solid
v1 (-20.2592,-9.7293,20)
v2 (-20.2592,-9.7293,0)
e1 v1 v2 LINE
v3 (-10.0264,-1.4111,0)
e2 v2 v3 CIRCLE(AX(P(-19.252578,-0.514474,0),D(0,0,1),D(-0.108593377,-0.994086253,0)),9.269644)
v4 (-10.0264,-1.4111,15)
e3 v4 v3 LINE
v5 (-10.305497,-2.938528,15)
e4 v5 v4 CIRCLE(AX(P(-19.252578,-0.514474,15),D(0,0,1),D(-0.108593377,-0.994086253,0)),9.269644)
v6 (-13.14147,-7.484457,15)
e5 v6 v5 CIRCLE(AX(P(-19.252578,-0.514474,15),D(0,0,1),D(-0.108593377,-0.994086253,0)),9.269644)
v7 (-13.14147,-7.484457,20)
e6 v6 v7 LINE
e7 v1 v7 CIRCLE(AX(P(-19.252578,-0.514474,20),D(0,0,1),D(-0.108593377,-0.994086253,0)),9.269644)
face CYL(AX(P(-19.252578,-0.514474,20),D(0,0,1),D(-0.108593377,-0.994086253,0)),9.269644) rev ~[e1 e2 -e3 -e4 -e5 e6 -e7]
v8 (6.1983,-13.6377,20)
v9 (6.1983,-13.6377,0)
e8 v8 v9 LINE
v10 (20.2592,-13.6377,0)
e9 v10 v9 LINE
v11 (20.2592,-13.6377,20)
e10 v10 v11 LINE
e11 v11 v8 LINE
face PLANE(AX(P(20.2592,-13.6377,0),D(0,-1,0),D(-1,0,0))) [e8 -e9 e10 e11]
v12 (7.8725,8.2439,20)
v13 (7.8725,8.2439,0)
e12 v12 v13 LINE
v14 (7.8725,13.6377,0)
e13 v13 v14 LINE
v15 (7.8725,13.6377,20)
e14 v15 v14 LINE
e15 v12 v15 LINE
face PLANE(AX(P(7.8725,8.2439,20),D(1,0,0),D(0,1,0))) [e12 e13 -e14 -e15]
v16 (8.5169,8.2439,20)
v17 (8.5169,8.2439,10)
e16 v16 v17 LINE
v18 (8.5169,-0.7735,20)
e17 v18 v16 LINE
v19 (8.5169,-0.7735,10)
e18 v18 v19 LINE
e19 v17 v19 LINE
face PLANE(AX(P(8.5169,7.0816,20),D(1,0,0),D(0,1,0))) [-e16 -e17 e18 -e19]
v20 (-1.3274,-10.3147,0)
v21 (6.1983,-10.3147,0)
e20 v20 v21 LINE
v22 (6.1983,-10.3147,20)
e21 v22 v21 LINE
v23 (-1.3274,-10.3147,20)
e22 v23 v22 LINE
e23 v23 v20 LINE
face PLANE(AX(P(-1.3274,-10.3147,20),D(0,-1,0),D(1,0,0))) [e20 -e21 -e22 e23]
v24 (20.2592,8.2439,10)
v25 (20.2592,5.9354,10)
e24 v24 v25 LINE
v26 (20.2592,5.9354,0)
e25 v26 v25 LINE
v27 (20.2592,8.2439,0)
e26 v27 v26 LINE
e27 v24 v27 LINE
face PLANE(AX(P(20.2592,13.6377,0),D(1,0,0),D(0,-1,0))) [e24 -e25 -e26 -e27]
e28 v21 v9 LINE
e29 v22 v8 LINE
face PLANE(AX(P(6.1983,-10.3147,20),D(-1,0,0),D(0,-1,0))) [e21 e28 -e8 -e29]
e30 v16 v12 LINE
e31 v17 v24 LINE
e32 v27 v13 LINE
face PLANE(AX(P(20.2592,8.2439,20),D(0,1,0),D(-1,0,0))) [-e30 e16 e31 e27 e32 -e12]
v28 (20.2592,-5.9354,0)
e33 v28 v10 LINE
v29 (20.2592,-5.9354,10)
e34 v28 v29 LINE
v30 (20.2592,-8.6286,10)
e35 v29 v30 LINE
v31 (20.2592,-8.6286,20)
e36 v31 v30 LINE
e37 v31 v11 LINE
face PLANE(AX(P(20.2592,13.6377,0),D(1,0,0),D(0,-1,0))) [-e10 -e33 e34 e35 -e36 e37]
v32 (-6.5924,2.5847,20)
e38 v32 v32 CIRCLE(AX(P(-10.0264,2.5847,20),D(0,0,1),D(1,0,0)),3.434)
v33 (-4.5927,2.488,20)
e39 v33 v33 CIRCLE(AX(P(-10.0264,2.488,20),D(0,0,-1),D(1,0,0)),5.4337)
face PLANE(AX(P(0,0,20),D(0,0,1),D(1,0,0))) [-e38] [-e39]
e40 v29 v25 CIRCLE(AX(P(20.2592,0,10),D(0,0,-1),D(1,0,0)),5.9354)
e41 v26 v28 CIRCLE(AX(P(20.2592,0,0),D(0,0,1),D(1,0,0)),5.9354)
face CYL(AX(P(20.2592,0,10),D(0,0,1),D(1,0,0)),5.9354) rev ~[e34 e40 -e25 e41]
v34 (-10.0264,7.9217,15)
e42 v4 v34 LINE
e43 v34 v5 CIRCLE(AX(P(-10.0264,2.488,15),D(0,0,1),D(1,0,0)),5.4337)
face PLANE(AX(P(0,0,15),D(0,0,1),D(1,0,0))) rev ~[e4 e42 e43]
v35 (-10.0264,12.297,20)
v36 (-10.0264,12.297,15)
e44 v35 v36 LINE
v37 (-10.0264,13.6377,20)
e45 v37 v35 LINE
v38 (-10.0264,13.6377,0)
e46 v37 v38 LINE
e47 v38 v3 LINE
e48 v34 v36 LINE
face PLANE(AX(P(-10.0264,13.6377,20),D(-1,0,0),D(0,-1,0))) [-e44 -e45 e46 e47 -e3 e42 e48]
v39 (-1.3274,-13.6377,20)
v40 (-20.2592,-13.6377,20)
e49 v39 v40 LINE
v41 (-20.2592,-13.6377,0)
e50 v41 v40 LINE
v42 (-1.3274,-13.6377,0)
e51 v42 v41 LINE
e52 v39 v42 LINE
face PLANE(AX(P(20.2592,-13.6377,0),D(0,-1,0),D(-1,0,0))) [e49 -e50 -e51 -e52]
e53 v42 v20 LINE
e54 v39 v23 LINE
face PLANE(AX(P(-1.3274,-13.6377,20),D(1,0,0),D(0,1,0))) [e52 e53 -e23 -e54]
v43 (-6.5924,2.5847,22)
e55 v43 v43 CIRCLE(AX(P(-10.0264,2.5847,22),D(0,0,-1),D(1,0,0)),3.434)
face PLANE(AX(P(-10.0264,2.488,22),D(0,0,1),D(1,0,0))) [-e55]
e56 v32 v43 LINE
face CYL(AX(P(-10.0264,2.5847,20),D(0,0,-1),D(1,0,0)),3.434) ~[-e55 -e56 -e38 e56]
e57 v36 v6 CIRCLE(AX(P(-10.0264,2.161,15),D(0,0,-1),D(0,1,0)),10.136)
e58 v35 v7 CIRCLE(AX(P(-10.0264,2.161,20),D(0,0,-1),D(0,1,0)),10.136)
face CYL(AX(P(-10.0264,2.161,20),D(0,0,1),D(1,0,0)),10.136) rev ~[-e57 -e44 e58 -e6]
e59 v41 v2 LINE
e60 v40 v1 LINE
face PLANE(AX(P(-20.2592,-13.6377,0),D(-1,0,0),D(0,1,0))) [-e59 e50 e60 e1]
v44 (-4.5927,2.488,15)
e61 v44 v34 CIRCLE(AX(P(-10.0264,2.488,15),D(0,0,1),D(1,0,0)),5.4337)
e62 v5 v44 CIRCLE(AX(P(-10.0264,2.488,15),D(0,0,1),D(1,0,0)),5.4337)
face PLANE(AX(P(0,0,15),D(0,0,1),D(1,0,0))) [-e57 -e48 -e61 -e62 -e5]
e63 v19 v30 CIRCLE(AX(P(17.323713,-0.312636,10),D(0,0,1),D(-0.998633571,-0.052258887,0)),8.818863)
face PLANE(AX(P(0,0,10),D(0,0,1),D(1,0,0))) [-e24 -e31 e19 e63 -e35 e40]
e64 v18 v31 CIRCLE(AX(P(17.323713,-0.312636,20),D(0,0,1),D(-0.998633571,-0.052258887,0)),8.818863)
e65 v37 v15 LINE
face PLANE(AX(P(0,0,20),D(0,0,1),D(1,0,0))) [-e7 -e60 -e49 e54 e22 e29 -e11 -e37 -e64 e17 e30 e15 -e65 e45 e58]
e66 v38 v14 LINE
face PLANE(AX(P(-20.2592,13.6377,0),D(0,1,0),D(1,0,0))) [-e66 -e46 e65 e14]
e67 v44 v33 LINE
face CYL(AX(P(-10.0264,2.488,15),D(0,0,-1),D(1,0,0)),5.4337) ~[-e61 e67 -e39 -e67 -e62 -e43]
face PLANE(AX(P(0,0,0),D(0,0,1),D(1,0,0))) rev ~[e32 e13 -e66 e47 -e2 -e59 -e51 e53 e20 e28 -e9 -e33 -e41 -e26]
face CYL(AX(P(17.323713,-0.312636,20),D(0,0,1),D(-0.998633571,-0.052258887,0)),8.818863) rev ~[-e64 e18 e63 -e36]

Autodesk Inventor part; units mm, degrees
ref_plane "YZ Plane" through (0, 0, 0) normal (1, 0, 0) x (0, 1, 0)
ref_plane "XZ Plane" through (0, 0, 0) normal (0, 1, 0) x (-1, 0, 0)
ref_plane "XY Plane" through (0, 0, 0) normal (0, 0, 1) x (1, 0, 0)
sketch "스케치1" plane through (0, 0, 0) normal (0, 0, 1) x (1, 0, 0)
  line L0 (20.2592, -13.6377) -> (-20.2592, -13.6377)
  line L1 (-20.2592, -13.6377) -> (-20.2592, 13.6377)
  line L2 (-20.2592, 13.6377) -> (20.2592, 13.6377)
  line L3 (20.2592, 13.6377) -> (20.2592, -13.6377)
  line L4 (20.2592, -13.6377) -> (-20.2592, 13.6377) construction
  line L5 (-20.2592, -13.6377) -> (20.2592, 13.6377) construction
  point P0 (0, 0)
extrude "돌출1" add sketch "스케치1" along normal blind 20
sketch "스케치2" plane through (0, 0, 20) normal (0, 0, 1) x (1, 0, 0)
  line L0 (20.2592, 13.6377) -> (-20.2592, 13.6377) projected
  line L1 (-10.0264, 13.6377) -> (-10.0264, -1.4111)
  line L2 (-20.2592, 13.6377) -> (-20.2592, -13.6377) projected
  arc A0 (-20.2592, -9.7293) -> (-10.0264, -1.4111) centre (-19.2526, -0.5144) ccw
  line L3 (-10.0264, 13.6377) -> (-20.2592, 13.6377)
  line L4 (-20.2592, -9.7293) -> (-20.2592, 13.6377)
  line L5 (7.8725, 13.6377) -> (20.2592, 13.6377)
  line L6 (20.2592, 13.6377) -> (20.2592, 8.2439)
  line L7 (20.2592, 8.2439) -> (7.8725, 8.2439)
  line L8 (7.8725, 8.2439) -> (7.8725, 13.6377)
  point P0 (0, 0)
extrude "돌출2" cut sketch "스케치2" against normal blind 20
sketch "스케치3" plane through (0, 0, 20) normal (0, 0, 1) x (1, 0, 0)
  line L0 (-10.0264, -1.4111) -> (-10.0264, 13.6377) projected
  circle A0 centre (-10.0264, 2.161) radius 10.136
  line L1 (20.2592, 8.2439) -> (20.2592, -13.6377) projected
  line L2 (20.2592, 7.0816) -> (20.2592, -8.6286)
  line L3 (8.5169, 7.0816) -> (8.5169, -0.7735)
  arc A1 (8.5169, -0.7735) -> (20.2592, -8.6286) centre (17.3236, -0.3127) ccw
  line L4 (8.5169, 7.0816) -> (8.5169, 8.2439)
  line L5 (8.5169, 8.2439) -> (20.2592, 8.2439)
  point P0 (0, 0)
extrude "돌출3" cut sketch "스케치3" against normal blind 5 contours A0
extrude "돌출4" cut sketch "스케치3" against normal blind 10 contours L1 A1 L3 L4 L5
sketch "스케치4" plane through (0, 0, 15) normal (0, 0, 1) x (1, 0, 0)
  line L0 (-10.0264, -1.4111) -> (-10.0264, 12.2971) projected
  circle A0 centre (-10.0264, 2.488) radius 5.4337
  point P0 (0, 0)
extrude "돌출5" add sketch "스케치4" along normal blind 5
sketch "스케치5" plane through (-10.0264, 2.488, 20) normal (0, 0, 1) x (1, 0, 0)
  line L0 (0, -3.8991) -> (0, 5.4337) projected
  circle A0 centre (0, 0.0967) radius 3.434
  point P0 (10.0264, -2.488)
extrude "돌출6" add sketch "스케치5" along normal blind 2
sketch "스케치6" plane through (0, 0, 10) normal (0, 0, 1) x (1, 0, 0)
  line L0 (20.2592, 8.2439) -> (20.2592, -13.6377) projected
  circle A0 centre (20.2592, 0) radius 5.9354
  point P0 (0, 0)
extrude "돌출7" cut sketch "스케치6" against normal blind 20
sketch "스케치7" plane through (0, 0, 20) normal (0, 0, 1) x (1, 0, 0)
  line L0 (20.2592, -13.6377) -> (-20.2592, -13.6377) projected
  line L1 (-1.3274, -10.3147) -> (6.1983, -10.3147)
  line L2 (6.1983, -10.3147) -> (6.1983, -13.6377)
  line L3 (6.1983, -13.6377) -> (-1.3274, -13.6377)
  line L4 (-1.3274, -13.6377) -> (-1.3274, -10.3147)
  point P0 (0, 0)
extrude "돌출8" cut sketch "스케치7" against normal blind 20
properties part number "240626_part1"
